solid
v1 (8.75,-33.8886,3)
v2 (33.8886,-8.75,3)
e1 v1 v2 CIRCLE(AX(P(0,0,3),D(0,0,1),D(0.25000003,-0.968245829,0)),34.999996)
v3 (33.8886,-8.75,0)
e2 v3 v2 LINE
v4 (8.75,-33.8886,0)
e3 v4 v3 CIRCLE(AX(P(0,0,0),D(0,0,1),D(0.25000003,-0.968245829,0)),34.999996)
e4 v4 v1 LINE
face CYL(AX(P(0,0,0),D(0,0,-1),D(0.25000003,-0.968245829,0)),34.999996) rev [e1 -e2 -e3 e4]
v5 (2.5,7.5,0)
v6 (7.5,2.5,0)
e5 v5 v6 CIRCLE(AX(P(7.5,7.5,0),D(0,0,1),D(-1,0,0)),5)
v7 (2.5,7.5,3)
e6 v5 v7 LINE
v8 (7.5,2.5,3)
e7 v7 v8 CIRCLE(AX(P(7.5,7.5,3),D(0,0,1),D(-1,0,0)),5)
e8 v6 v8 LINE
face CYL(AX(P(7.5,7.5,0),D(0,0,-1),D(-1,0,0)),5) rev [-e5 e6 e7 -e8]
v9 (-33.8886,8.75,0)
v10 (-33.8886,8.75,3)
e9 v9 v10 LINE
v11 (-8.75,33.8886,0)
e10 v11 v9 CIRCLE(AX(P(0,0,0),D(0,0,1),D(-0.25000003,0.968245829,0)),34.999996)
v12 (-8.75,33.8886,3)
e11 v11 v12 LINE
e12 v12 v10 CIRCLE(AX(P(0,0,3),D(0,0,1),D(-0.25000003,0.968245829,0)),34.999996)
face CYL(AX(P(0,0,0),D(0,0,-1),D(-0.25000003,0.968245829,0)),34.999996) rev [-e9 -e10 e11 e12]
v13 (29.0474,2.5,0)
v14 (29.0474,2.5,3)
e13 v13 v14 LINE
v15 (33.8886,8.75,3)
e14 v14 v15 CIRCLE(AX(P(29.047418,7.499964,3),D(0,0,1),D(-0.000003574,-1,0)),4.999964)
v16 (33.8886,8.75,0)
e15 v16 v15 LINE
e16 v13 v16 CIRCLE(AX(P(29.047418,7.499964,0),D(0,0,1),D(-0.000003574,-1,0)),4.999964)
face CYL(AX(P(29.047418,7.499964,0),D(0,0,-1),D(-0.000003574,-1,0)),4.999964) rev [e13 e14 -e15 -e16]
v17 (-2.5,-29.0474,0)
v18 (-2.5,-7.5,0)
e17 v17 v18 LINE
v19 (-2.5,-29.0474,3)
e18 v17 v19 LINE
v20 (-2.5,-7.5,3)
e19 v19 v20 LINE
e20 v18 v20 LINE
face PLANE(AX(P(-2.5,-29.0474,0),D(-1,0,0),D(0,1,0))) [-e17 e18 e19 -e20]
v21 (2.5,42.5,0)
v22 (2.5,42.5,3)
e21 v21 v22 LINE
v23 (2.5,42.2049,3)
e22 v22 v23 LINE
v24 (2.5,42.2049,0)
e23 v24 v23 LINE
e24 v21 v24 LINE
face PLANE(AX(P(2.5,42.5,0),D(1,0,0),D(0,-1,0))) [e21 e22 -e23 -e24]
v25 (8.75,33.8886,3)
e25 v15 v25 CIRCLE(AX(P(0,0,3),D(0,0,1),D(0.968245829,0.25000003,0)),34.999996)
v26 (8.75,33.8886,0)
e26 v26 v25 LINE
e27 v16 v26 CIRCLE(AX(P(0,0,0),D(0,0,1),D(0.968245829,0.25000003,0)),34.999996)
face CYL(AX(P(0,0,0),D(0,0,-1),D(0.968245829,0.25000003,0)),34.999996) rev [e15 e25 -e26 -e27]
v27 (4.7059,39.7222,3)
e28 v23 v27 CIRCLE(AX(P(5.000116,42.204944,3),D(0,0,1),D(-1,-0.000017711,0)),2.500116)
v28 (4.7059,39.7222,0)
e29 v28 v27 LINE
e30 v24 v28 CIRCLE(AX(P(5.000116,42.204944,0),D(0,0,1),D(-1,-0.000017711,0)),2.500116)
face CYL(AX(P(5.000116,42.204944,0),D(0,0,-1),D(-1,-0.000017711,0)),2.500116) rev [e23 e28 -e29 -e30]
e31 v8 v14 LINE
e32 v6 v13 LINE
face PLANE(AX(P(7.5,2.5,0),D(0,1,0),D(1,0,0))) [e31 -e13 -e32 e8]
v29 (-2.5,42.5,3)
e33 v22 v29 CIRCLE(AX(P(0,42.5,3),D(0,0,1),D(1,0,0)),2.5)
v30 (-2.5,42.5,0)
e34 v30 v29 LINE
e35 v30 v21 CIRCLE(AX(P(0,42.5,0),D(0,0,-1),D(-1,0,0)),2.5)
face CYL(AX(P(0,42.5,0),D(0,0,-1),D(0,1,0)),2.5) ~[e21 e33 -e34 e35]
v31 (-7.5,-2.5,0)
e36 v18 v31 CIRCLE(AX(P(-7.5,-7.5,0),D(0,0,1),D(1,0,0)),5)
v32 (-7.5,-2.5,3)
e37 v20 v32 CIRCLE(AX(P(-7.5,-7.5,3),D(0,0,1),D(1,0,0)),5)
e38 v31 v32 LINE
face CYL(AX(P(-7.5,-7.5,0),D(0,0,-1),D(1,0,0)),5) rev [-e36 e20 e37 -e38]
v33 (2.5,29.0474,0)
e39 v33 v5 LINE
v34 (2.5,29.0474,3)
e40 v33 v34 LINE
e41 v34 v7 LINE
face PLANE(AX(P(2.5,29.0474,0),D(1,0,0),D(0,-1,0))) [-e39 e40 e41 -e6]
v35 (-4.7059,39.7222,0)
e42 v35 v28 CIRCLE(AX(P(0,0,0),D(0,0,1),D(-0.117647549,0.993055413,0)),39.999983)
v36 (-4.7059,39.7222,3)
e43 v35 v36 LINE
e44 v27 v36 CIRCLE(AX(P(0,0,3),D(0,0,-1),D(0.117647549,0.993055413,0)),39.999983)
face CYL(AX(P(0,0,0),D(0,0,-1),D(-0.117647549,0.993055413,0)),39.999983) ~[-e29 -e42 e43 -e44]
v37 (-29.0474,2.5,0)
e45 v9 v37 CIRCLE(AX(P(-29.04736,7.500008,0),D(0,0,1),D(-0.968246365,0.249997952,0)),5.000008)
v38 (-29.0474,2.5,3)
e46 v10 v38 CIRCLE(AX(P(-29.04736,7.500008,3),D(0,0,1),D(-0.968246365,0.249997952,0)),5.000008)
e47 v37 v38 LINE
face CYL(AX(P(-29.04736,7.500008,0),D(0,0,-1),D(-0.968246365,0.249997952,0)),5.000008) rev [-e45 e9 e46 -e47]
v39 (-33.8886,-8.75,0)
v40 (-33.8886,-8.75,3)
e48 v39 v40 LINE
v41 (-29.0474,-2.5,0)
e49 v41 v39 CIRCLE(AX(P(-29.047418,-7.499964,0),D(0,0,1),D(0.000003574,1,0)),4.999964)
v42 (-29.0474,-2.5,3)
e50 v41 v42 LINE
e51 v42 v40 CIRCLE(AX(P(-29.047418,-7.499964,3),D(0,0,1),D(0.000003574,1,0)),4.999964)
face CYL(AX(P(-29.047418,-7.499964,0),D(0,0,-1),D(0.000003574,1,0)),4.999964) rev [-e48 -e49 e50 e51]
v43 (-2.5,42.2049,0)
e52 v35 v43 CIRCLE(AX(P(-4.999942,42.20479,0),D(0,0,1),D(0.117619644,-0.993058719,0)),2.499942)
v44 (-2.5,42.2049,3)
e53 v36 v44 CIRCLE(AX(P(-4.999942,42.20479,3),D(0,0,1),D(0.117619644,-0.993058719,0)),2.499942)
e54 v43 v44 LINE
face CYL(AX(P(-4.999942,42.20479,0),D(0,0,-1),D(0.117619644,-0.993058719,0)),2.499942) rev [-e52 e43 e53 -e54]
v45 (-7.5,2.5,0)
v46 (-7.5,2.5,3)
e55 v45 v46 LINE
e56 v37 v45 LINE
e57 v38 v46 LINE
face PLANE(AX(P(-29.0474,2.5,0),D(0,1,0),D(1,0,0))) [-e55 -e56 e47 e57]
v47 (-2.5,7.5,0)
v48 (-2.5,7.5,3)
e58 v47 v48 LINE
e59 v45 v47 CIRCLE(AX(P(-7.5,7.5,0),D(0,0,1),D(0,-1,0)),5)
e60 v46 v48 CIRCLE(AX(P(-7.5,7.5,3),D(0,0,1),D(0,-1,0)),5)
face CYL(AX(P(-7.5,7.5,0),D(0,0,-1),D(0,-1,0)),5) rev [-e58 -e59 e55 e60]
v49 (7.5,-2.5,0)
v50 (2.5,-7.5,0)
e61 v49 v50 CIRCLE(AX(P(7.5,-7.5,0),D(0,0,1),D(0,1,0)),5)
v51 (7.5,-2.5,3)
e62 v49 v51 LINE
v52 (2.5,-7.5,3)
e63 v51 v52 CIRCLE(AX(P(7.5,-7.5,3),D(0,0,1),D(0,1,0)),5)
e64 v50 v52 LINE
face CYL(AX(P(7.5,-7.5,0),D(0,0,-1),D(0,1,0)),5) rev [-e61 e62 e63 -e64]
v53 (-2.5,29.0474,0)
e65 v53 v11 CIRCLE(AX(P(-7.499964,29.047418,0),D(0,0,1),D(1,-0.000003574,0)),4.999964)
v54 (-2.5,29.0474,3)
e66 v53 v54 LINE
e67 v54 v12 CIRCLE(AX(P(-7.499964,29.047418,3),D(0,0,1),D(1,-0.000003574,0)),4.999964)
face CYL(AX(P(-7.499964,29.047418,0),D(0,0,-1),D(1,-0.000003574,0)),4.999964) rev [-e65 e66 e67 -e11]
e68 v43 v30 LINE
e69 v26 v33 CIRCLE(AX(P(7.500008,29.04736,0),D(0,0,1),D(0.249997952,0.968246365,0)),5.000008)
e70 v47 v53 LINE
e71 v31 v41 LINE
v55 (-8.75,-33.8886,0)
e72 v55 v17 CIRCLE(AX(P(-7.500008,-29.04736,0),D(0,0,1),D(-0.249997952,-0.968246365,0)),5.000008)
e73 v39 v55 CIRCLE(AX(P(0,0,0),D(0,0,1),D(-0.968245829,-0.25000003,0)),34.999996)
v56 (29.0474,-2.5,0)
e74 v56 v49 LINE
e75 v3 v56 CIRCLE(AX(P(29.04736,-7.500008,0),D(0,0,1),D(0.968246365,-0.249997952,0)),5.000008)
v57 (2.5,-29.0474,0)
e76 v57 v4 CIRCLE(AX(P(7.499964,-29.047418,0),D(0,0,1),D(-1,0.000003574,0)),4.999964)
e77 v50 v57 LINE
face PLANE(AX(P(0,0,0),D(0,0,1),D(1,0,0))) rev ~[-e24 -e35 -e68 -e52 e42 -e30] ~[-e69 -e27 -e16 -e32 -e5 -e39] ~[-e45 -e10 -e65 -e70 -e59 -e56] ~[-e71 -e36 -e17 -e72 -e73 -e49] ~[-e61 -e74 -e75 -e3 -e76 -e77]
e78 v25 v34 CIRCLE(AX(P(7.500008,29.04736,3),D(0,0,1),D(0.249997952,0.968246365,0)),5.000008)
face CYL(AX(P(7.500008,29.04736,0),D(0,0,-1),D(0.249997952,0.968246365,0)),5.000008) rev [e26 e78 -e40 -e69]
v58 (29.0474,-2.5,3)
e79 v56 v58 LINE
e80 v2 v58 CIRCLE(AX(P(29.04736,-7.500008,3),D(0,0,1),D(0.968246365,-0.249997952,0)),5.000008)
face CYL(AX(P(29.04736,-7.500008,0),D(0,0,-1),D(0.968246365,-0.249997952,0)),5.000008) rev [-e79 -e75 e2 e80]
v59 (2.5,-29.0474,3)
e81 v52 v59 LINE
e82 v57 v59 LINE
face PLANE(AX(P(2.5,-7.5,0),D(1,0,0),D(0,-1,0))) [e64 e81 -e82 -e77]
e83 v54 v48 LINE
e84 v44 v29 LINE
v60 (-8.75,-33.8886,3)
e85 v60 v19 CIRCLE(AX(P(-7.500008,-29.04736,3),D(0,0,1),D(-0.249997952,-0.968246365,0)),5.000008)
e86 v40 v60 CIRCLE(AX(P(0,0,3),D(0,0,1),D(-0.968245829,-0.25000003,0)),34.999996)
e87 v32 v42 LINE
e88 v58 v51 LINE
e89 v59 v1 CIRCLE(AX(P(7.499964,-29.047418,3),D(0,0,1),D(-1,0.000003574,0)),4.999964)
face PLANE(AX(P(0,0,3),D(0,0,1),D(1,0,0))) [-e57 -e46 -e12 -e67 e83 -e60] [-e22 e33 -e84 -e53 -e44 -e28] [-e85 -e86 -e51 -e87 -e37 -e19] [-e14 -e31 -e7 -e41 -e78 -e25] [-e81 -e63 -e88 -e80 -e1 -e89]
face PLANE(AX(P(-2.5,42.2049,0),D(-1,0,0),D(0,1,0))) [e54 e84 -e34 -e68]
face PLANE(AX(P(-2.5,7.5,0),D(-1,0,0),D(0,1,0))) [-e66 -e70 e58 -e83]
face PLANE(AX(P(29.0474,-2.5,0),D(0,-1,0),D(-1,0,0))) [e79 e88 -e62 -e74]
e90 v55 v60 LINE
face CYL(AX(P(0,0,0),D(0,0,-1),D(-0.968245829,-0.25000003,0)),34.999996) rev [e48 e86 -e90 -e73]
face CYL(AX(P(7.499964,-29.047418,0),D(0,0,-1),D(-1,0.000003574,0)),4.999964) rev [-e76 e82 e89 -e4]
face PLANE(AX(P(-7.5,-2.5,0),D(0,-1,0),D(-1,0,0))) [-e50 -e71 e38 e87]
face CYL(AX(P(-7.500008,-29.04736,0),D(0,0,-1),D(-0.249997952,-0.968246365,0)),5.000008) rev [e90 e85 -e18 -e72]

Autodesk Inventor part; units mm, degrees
ref_plane "YZ Plane" through (0, 0, 0) normal (1, 0, 0) x (0, 1, 0)
ref_plane "XZ Plane" through (0, 0, 0) normal (0, 1, 0) x (-1, 0, 0)
ref_plane "XY Plane" through (0, 0, 0) normal (0, 0, 1) x (1, 0, 0)
sketch "Sketch1" plane through (0, 0, 0) normal (0, 0, 1) x (1, 0, 0)
  line L0 (39.9382, 2.7778) -> (39.9382, -2.2222)
  line L1 (-39.9382, -2.7778) -> (-39.9382, 2.2222)
  arc A0 (33.8886, 8.75) -> (8.75, 33.8886) centre (0, 0) ccw
  arc A1 (8.75, -33.8886) -> (33.8886, -8.75) centre (0, 0) ccw
  arc A2 (-8.75, 33.8886) -> (-33.8886, 8.75) centre (0, 0) ccw
  arc A3 (-33.8886, -8.75) -> (-8.75, -33.8886) centre (0, 0) ccw
  line L2 (2.5, 29.0474) -> (2.5, 7.5)
  line L3 (2.5, -7.5) -> (2.5, -29.0474)
  line L4 (-29.0474, 2.5) -> (-7.5, 2.5)
  line L5 (7.5, 2.5) -> (29.0474, 2.5)
  line L6 (-2.5, -29.0474) -> (-2.5, -7.5)
  line L7 (-2.5, 7.5) -> (-2.5, 29.0474)
  line L8 (29.0474, -2.5) -> (7.5, -2.5)
  line L9 (-7.5, -2.5) -> (-29.0474, -2.5)
  arc A4 (-2.5, 29.0474) -> (-8.75, 33.8886) centre (-7.5, 29.0474) ccw
  arc A5 (8.75, 33.8886) -> (2.5, 29.0474) centre (7.5, 29.0474) ccw
  arc A6 (29.0474, 2.5) -> (33.8886, 8.75) centre (29.0474, 7.5) ccw
  arc A7 (33.8886, -8.75) -> (29.0474, -2.5) centre (29.0474, -7.5) ccw
  arc A8 (2.5, -29.0474) -> (8.75, -33.8886) centre (7.5, -29.0474) ccw
  arc A9 (-8.75, -33.8886) -> (-2.5, -29.0474) centre (-7.5, -29.0474) ccw
  arc A10 (-29.0474, -2.5) -> (-33.8886, -8.75) centre (-29.0474, -7.5) ccw
  arc A11 (-33.8886, 8.75) -> (-29.0474, 2.5) centre (-29.0474, 7.5) ccw
  arc A12 (-7.5, 2.5) -> (-2.5, 7.5) centre (-7.5, 7.5) ccw
  arc A13 (2.5, 7.5) -> (7.5, 2.5) centre (7.5, 7.5) ccw
  arc A14 (7.5, -2.5) -> (2.5, -7.5) centre (7.5, -7.5) ccw
  arc A15 (-2.5, -7.5) -> (-7.5, -2.5) centre (-7.5, -7.5) ccw
  arc A16 (-4.7059, 39.7222) -> (4.7059, 39.7222) centre (0, 0) ccw
  line L10 (0, 45) -> (0, 45)
  line L11 (2.5, 42.5) -> (2.5, 42.2049)
  line L12 (-2.5, 26.931) -> (-2.5, 29.0474)
  line L13 (-2.5, 42.2049) -> (-2.5, 42.5)
  arc A17 (-4.7059, 39.7222) -> (-2.5, 42.2049) centre (-5, 42.2049) ccw
  arc A18 (0, 45) -> (-2.5, 42.5) centre (0, 42.5) ccw
  arc A19 (2.5, 42.5) -> (0, 45) centre (0, 42.5) ccw
  arc A20 (2.5, 42.2049) -> (4.7059, 39.7222) centre (5, 42.2049) ccw
  point P0 (-2.5, 34.9106)
  point P1 (2.5, 34.9106)
  point P2 (34.9106, 2.5)
  point P3 (34.9106, -2.5)
  point P4 (2.5, -34.9106)
  point P5 (-2.5, -34.9106)
  point P6 (-34.9106, -2.5)
  point P7 (-34.9106, 2.5)
  point P8 (-2.5, 39.9218)
  point P9 (2.5, 39.9218)
  dimension "d6" = 5
  dimension "d7" = 5
  dimension "d8" = 5
  dimension "d9" = 5
  dimension "d10" = 35
  dimension "d11" = 35
  dimension "d12" = 35
  dimension "d13" = 35
  dimension "d14" = 2.5
  dimension "d15" = 2.5
  dimension "d16" = 2.5
  dimension "d17" = 2.5
  dimension "d18" = 5
  dimension "d24" = 80
  dimension "d25" = 45
  dimension "d26" = 2.5
extrude "Extrusion2" add sketch "Sketch1" along normal blind 3
properties part number "OpenROV 2_2 Prop Guard"
